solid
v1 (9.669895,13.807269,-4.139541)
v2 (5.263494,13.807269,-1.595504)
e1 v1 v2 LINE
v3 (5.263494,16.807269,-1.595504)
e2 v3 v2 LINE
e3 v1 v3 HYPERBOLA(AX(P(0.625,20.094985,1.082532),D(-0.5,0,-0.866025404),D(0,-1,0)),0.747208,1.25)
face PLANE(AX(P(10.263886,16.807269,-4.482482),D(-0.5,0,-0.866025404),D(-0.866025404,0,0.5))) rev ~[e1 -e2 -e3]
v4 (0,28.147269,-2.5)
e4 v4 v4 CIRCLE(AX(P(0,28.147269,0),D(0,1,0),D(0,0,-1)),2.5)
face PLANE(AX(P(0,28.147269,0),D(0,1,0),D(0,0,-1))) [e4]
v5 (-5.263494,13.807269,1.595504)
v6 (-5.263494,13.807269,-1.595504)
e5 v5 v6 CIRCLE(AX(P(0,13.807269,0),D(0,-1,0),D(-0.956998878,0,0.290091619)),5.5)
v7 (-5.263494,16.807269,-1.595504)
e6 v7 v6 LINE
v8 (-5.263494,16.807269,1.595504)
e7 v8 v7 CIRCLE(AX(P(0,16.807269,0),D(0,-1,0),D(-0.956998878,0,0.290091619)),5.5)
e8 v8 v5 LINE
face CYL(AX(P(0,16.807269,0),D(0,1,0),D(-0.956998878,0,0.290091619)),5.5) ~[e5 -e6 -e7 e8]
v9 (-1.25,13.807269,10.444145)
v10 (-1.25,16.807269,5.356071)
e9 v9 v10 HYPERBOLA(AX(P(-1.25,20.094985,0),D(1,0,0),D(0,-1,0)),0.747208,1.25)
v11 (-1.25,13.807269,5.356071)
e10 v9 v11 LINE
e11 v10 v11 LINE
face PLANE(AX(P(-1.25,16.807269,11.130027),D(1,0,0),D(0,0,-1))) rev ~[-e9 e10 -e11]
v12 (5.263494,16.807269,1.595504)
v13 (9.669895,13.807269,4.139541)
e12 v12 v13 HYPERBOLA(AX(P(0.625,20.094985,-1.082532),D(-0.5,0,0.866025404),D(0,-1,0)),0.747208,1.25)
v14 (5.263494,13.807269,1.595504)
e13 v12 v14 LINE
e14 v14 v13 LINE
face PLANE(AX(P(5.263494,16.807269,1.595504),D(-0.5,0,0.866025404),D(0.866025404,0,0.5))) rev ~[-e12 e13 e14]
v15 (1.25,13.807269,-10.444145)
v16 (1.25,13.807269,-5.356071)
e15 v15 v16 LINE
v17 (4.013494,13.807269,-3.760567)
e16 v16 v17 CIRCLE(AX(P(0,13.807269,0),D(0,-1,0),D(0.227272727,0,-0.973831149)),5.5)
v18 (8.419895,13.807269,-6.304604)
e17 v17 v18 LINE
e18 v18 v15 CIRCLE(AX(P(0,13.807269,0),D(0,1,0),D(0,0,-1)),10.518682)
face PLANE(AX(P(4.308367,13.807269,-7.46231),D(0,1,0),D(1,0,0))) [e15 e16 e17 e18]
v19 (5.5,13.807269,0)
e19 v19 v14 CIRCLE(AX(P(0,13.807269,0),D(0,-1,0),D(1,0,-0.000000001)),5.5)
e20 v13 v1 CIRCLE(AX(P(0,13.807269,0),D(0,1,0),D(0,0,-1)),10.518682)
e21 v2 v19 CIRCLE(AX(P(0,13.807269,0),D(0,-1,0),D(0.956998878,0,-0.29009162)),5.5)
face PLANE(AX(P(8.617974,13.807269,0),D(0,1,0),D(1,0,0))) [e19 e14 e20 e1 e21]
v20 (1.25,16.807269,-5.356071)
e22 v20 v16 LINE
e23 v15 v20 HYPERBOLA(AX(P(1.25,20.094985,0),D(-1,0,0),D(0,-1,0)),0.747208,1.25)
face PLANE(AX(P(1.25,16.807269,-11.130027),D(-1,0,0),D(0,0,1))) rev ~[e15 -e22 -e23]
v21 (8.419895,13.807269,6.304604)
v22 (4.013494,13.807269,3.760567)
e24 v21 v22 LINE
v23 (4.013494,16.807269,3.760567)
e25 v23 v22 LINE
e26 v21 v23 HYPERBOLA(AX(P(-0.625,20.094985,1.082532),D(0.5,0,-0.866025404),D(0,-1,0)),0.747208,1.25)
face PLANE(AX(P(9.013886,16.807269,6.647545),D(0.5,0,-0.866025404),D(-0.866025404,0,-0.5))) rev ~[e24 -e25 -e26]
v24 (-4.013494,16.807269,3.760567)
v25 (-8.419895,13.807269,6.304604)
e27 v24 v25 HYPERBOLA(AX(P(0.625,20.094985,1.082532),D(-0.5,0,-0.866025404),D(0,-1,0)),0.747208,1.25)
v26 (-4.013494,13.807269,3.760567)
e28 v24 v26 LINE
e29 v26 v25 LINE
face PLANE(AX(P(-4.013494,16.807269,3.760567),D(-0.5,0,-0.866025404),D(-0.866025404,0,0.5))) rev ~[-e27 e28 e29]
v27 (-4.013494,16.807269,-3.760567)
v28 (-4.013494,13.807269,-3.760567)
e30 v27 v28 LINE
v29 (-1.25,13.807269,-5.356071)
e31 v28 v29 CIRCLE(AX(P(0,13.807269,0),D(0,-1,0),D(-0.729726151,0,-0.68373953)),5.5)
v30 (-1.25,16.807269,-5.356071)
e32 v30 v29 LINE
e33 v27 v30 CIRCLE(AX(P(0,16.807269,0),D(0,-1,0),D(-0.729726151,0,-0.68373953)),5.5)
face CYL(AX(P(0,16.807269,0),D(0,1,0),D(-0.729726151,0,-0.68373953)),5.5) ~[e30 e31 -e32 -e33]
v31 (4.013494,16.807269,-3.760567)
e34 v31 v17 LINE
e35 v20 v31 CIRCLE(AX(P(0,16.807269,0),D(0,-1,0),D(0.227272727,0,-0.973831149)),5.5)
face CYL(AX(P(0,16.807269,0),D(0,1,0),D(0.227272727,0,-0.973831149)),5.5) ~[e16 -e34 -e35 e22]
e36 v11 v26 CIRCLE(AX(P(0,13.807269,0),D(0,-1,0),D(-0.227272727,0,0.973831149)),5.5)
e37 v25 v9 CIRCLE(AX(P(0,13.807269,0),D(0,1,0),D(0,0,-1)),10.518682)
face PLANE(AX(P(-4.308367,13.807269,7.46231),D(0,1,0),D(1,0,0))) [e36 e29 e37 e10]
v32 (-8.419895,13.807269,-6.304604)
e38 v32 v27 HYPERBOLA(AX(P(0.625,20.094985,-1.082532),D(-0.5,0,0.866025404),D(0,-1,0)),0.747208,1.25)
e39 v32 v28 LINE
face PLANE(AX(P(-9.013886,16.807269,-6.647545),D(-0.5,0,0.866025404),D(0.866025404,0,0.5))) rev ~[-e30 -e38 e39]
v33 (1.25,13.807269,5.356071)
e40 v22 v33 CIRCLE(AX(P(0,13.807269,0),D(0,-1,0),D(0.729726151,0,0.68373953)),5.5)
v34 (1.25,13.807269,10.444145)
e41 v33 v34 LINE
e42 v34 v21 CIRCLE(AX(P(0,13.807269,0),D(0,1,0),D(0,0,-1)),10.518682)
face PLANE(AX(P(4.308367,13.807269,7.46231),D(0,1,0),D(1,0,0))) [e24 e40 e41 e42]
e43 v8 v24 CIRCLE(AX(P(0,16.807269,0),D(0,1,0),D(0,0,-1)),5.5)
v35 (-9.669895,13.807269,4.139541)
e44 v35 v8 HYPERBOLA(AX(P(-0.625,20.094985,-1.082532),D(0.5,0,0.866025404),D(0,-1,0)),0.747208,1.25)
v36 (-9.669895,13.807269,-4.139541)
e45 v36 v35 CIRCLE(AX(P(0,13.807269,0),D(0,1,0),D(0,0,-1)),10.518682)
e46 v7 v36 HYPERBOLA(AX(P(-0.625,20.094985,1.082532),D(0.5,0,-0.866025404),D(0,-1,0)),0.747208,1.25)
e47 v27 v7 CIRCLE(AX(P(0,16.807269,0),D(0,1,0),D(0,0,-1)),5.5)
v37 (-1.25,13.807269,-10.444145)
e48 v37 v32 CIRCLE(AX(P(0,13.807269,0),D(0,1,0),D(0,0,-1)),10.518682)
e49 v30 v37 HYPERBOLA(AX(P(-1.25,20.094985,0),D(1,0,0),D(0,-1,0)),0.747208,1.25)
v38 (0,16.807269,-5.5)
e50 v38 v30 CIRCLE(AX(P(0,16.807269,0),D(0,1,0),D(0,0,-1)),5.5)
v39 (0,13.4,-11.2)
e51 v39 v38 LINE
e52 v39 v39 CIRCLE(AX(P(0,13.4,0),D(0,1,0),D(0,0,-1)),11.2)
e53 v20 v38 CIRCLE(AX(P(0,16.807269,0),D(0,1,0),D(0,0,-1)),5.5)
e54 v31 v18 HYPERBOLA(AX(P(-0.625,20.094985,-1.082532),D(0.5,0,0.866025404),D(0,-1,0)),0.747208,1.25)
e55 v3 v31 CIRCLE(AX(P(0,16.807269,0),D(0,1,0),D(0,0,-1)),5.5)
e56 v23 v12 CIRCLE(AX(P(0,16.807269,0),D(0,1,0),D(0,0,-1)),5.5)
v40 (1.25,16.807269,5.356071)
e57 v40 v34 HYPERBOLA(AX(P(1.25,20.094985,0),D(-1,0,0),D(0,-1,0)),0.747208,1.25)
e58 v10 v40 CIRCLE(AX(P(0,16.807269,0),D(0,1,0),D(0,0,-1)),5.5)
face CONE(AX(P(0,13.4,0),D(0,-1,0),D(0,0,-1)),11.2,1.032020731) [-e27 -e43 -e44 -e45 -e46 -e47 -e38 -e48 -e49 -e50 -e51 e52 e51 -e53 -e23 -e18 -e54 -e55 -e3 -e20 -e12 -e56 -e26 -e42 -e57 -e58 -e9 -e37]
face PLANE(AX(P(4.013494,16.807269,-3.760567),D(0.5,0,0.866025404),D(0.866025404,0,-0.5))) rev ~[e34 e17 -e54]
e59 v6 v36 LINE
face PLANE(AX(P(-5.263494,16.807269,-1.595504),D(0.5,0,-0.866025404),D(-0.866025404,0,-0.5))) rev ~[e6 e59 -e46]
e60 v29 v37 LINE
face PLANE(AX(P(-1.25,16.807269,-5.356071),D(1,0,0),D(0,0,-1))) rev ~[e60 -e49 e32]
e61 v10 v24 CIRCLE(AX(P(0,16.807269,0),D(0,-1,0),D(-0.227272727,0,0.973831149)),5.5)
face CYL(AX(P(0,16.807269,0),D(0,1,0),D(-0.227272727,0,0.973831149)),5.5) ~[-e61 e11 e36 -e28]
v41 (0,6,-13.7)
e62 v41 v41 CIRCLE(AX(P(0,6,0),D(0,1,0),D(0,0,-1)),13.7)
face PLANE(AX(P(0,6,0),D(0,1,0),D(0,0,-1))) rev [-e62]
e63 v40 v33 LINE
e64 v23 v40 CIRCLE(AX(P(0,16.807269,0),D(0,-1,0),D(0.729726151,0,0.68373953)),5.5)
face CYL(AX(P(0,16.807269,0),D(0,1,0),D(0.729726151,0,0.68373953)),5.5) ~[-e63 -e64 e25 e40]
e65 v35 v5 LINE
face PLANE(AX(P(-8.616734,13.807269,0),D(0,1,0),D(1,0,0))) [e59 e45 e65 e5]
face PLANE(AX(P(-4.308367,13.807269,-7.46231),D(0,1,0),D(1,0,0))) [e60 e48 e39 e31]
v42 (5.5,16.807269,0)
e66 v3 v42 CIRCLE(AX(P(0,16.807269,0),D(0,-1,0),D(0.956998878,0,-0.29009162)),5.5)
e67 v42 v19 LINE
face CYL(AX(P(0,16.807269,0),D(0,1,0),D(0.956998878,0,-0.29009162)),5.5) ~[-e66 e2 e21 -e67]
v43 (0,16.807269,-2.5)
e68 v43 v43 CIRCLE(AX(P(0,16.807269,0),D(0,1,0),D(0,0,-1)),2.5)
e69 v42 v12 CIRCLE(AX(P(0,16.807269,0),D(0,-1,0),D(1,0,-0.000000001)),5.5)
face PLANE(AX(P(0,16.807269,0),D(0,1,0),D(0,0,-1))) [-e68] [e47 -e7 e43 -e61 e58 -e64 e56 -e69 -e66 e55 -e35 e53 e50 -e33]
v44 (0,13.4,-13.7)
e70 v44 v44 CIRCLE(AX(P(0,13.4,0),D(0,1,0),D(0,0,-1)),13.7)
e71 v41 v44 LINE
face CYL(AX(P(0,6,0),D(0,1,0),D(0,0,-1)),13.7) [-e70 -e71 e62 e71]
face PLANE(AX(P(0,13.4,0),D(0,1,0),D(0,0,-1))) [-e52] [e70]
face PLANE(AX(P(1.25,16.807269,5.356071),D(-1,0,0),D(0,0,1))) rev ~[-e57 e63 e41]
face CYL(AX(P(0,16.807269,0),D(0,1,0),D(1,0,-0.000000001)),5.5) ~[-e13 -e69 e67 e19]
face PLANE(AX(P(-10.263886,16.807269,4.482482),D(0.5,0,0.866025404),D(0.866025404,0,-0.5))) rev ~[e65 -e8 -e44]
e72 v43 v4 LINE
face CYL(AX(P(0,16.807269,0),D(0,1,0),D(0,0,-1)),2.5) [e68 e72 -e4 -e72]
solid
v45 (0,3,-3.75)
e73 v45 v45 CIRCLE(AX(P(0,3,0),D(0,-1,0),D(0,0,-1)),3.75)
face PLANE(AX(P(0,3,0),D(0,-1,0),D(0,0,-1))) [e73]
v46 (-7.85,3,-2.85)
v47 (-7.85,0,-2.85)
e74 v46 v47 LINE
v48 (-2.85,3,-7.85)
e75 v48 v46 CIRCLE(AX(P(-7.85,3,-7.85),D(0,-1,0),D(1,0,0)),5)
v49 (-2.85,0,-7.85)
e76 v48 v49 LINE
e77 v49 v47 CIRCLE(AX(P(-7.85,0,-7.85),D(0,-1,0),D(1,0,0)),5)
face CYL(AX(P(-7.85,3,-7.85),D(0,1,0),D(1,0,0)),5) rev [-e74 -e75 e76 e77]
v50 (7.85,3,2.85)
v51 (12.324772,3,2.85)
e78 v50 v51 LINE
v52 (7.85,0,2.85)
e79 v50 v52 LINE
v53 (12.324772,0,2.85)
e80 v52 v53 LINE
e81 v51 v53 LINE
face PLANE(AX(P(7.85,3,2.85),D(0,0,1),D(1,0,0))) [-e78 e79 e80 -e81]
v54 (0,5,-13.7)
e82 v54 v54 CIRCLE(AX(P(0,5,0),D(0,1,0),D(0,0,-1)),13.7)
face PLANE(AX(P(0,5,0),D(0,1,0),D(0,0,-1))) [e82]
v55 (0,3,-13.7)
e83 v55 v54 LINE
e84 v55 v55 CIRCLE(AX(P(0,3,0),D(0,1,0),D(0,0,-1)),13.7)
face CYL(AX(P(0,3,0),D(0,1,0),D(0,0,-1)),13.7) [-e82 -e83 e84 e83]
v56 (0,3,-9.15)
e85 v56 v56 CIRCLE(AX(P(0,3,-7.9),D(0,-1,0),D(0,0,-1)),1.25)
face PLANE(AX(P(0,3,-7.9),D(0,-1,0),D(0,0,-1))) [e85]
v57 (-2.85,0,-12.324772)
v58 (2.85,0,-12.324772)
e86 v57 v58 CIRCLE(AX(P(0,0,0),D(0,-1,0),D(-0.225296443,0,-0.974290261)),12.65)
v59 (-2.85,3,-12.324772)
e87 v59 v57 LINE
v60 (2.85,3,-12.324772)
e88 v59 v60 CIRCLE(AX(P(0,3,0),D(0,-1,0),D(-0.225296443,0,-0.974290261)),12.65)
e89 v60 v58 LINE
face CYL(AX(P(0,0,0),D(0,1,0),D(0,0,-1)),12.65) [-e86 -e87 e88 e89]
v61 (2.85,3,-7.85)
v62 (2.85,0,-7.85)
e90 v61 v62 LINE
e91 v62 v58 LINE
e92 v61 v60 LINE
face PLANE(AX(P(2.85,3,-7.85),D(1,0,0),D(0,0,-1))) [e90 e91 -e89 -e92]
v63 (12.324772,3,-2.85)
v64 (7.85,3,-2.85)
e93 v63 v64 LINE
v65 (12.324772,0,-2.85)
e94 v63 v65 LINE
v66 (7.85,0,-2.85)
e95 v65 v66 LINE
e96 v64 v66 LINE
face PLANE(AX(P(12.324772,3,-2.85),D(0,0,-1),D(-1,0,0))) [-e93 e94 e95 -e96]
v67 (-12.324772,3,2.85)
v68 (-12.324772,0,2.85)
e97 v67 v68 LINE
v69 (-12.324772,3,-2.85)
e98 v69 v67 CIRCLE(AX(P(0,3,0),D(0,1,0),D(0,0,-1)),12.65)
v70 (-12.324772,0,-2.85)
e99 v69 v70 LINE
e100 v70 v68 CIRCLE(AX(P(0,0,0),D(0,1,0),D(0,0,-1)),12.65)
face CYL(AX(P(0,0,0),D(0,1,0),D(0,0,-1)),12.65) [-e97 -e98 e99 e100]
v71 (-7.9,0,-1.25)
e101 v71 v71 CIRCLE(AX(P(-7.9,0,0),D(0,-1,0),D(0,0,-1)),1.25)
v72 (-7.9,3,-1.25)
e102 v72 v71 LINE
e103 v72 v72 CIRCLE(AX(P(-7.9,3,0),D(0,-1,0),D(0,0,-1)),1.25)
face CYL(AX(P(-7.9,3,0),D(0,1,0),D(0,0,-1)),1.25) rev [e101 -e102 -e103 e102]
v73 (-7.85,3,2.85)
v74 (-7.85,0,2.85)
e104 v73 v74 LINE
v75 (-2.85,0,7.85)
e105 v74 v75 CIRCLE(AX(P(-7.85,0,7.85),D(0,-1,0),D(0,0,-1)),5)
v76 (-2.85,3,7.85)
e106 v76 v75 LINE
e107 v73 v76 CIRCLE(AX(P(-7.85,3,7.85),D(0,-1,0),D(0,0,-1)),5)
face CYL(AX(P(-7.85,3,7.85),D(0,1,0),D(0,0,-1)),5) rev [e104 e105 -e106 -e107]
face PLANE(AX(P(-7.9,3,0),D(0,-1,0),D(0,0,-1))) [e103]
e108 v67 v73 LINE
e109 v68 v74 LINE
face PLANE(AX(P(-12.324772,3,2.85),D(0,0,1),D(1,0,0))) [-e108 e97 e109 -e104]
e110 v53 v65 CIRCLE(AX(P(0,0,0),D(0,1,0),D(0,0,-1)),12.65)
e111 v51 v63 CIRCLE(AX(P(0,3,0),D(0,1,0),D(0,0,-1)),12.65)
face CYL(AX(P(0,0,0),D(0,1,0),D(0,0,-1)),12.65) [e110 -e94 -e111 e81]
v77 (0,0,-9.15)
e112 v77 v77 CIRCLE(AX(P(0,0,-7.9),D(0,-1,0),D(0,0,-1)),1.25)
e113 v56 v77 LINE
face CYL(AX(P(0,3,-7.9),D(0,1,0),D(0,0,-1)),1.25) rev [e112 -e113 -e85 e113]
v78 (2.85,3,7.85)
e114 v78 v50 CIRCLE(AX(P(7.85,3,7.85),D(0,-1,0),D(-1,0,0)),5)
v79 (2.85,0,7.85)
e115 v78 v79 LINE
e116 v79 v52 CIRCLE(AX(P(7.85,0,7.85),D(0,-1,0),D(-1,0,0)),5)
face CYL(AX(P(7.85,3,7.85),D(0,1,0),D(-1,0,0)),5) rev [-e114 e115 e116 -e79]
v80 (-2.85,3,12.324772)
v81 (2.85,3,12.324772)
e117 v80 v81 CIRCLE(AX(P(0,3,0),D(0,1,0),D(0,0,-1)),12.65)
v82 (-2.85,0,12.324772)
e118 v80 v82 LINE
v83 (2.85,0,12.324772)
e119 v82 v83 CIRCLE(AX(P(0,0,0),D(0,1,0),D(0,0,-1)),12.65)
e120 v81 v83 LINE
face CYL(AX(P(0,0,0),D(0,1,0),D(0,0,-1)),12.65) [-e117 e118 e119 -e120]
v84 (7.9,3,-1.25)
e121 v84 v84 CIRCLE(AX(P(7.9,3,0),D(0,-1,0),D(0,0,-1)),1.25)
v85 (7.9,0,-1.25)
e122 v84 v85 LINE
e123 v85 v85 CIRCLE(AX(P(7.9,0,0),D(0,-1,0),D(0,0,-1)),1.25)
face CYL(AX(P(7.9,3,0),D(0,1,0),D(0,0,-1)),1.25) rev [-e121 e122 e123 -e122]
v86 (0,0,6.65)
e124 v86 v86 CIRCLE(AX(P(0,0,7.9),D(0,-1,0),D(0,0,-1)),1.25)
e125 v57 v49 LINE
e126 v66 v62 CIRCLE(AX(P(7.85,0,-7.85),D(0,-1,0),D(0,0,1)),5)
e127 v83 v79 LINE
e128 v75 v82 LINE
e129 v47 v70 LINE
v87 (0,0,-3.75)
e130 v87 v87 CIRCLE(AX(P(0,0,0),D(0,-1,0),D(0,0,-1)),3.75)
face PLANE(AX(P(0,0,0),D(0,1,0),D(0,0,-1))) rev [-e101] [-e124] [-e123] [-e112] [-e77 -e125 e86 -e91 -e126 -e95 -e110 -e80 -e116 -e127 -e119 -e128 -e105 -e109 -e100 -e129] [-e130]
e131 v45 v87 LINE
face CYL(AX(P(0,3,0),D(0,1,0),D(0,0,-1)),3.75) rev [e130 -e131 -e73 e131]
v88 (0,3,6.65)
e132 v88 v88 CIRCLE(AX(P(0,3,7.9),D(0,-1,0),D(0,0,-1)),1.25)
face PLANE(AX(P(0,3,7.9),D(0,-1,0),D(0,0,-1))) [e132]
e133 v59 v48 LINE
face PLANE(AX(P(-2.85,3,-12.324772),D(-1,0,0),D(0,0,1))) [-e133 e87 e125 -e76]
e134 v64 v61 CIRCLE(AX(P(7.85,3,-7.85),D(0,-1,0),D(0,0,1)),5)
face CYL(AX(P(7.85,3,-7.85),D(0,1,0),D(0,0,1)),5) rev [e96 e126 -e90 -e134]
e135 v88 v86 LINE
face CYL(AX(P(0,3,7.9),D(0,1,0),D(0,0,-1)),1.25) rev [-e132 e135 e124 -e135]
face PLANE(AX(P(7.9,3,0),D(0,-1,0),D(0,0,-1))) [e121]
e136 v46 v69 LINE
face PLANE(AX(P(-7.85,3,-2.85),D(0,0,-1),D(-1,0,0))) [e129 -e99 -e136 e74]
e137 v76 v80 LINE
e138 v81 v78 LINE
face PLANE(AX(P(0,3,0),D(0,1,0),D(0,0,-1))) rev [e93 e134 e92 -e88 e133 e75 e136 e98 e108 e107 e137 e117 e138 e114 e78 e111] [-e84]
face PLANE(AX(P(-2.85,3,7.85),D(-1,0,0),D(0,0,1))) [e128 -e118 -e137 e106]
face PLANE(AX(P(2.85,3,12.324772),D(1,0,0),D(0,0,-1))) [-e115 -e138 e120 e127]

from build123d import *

# Parameters (mm, degrees)
CORTAR_EXTRUIR1_START = -3
CROQUIS2_R            = 3.75
CROQUIS2_R_2          = 1.25
CORTAR_EXTRUIR1_DEPTH = 3
CORTAR_EXTRUIR2_DEPTH = 3


with BuildPart() as part:
    # Croquis1 → Revolución1 (revolve)
    with BuildSketch(Plane.XY, mode=Mode.PRIVATE) as revoluci_n1_sk:
        Polygon((0, 0), (-12.65, 0), (-12.65, 3), (-13.7, 3), (-13.7, 5), (0, 5), align=None)
        Polygon((0, 28.147269), (0, 6), (-13.7, 6), (-13.7, 13.4), (-11.2, 13.4), (-5.5, 16.807269), (-2.5, 16.807269), (-2.5, 28.147269), align=None)
    revolve(revoluci_n1_sk.sketch.rotate(Axis((0, 0, 0), (0, 1, 0)), 270), axis=Axis((0, 0, 0), (0, 1, 0)))

    # Croquis2 → Cortar-Extruir1 (cut)
    with BuildSketch(Plane.XZ.offset(CORTAR_EXTRUIR1_START)):
        with BuildLine():
            ThreePointArc((-2.85, -7.85), (-4.314466094, -4.314466094), (-7.85, -2.85))
            Line((-7.85, -2.85), (-12.324771803, -2.85))
            ThreePointArc((-12.324771803, -2.85), (-8.944900782, -8.944900782), (-2.85, -12.324771803))
            Line((-2.85, -12.324771803), (-2.85, -7.85))
        make_face()
        with BuildLine():
            ThreePointArc((-2.85, 12.324771803), (-8.944900782, 8.944900782), (-12.324771803, 2.85))
            Line((-12.324771803, 2.85), (-7.85, 2.85))
            ThreePointArc((-7.85, 2.85), (-4.314466094, 4.314466094), (-2.85, 7.85))
            Line((-2.85, 7.85), (-2.85, 12.324771803))
        make_face()
        with BuildLine():
            ThreePointArc((12.324771803, 2.85), (8.944900782, 8.944900782), (2.85, 12.324771803))
            Line((2.85, 12.324771803), (2.85, 7.85))
            ThreePointArc((2.85, 7.85), (4.314466094, 4.314466094), (7.85, 2.85))
            Line((7.85, 2.85), (12.324771803, 2.85))
        make_face()
        with BuildLine():
            Line((2.85, -7.85), (2.85, -12.324771803))
            ThreePointArc((2.85, -12.324771803), (8.944900782, -8.944900782), (12.324771803, -2.85))
            Line((12.324771803, -2.85), (7.85, -2.85))
            ThreePointArc((7.85, -2.85), (4.314466094, -4.314466094), (2.85, -7.85))
        make_face()
        with Locations(Location((0, 0, 0), (0, 0, 270))):
            Circle(CROQUIS2_R)
        with Locations(Location((0, -7.9, 0), (0, 0, 270))):
            Circle(CROQUIS2_R_2)
        with Locations(Location((7.9, 0, 0), (0, 0, 270))):
            Circle(CROQUIS2_R_2)
        with Locations(Location((0, 7.9, 0), (0, 0, 270))):
            Circle(CROQUIS2_R_2)
        with Locations(Location((-7.9, 0, 0), (0, 0, 270))):
            Circle(CROQUIS2_R_2)
    extrude(amount=CORTAR_EXTRUIR1_DEPTH, mode=Mode.SUBTRACT)

    # Croquis3 → Cortar-Extruir2 (cut)
    with BuildSketch(Plane(origin=(0, 16.807269, 0), x_dir=(1, 0, 0), z_dir=(0, 1, 0))):
        with BuildLine():
            ThreePointArc((-5.263493829, -1.595503906), (-5.5, 0), (-5.263493829, 1.595503906))
            Line((-5.263493829, 1.595503906), (-10.263886087, 4.482481722))
            ThreePointArc((-10.263886087, 4.482481722), (-11.2, 0), (-10.263886087, -4.482481722))
            Line((-10.263886087, -4.482481722), (-5.263493829, -1.595503906))
        make_face()
        with BuildLine():
            ThreePointArc((-1.25, 11.130026954), (-5.6, 9.699484522), (-9.013886087, 6.647545232))
            Line((-9.013886087, 6.647545232), (-4.013493829, 3.760567415))
            ThreePointArc((-4.013493829, 3.760567415), (-2.75, 4.763139721), (-1.25, 5.356071321))
            Line((-1.25, 5.356071321), (-1.25, 11.130026954))
        make_face()
        with BuildLine():
            Line((1.25, 11.130026954), (1.25, 5.356071321))
            ThreePointArc((1.25, 5.356071321), (2.75, 4.763139721), (4.013493829, 3.760567415))
            Line((4.013493829, 3.760567415), (9.013886087, 6.647545232))
            ThreePointArc((9.013886087, 6.647545232), (5.6, 9.699484522), (1.25, 11.130026954))
        make_face()
        with BuildLine():
            Line((10.263886087, 4.482481722), (5.263493829, 1.595503906))
            ThreePointArc((5.263493829, 1.595503906), (5.440552181, 0.806468828), (5.5, 0))
            ThreePointArc((5.5, 0), (5.440552181, -0.806468828), (5.263493829, -1.595503906))
            Line((5.263493829, -1.595503906), (10.263886087, -4.482481722))
            ThreePointArc((10.263886087, -4.482481722), (11.2, 0), (10.263886087, 4.482481722))
        make_face()
        with BuildLine():
            ThreePointArc((4.013493829, -3.760567415), (2.75, -4.763139721), (1.25, -5.356071321))
            Line((1.25, -5.356071321), (1.25, -11.130026954))
            ThreePointArc((1.25, -11.130026954), (5.6, -9.699484522), (9.013886087, -6.647545232))
            Line((9.013886087, -6.647545232), (4.013493829, -3.760567415))
        make_face()
        with BuildLine():
            ThreePointArc((-1.25, -5.356071321), (-2.75, -4.763139721), (-4.013493829, -3.760567415))
            Line((-4.013493829, -3.760567415), (-9.013886087, -6.647545232))
            ThreePointArc((-9.013886087, -6.647545232), (-5.6, -9.699484522), (-1.25, -11.130026954))
            Line((-1.25, -11.130026954), (-1.25, -5.356071321))
        make_face()
    extrude(amount=-CORTAR_EXTRUIR2_DEPTH, mode=Mode.SUBTRACT)


solid = part.part
